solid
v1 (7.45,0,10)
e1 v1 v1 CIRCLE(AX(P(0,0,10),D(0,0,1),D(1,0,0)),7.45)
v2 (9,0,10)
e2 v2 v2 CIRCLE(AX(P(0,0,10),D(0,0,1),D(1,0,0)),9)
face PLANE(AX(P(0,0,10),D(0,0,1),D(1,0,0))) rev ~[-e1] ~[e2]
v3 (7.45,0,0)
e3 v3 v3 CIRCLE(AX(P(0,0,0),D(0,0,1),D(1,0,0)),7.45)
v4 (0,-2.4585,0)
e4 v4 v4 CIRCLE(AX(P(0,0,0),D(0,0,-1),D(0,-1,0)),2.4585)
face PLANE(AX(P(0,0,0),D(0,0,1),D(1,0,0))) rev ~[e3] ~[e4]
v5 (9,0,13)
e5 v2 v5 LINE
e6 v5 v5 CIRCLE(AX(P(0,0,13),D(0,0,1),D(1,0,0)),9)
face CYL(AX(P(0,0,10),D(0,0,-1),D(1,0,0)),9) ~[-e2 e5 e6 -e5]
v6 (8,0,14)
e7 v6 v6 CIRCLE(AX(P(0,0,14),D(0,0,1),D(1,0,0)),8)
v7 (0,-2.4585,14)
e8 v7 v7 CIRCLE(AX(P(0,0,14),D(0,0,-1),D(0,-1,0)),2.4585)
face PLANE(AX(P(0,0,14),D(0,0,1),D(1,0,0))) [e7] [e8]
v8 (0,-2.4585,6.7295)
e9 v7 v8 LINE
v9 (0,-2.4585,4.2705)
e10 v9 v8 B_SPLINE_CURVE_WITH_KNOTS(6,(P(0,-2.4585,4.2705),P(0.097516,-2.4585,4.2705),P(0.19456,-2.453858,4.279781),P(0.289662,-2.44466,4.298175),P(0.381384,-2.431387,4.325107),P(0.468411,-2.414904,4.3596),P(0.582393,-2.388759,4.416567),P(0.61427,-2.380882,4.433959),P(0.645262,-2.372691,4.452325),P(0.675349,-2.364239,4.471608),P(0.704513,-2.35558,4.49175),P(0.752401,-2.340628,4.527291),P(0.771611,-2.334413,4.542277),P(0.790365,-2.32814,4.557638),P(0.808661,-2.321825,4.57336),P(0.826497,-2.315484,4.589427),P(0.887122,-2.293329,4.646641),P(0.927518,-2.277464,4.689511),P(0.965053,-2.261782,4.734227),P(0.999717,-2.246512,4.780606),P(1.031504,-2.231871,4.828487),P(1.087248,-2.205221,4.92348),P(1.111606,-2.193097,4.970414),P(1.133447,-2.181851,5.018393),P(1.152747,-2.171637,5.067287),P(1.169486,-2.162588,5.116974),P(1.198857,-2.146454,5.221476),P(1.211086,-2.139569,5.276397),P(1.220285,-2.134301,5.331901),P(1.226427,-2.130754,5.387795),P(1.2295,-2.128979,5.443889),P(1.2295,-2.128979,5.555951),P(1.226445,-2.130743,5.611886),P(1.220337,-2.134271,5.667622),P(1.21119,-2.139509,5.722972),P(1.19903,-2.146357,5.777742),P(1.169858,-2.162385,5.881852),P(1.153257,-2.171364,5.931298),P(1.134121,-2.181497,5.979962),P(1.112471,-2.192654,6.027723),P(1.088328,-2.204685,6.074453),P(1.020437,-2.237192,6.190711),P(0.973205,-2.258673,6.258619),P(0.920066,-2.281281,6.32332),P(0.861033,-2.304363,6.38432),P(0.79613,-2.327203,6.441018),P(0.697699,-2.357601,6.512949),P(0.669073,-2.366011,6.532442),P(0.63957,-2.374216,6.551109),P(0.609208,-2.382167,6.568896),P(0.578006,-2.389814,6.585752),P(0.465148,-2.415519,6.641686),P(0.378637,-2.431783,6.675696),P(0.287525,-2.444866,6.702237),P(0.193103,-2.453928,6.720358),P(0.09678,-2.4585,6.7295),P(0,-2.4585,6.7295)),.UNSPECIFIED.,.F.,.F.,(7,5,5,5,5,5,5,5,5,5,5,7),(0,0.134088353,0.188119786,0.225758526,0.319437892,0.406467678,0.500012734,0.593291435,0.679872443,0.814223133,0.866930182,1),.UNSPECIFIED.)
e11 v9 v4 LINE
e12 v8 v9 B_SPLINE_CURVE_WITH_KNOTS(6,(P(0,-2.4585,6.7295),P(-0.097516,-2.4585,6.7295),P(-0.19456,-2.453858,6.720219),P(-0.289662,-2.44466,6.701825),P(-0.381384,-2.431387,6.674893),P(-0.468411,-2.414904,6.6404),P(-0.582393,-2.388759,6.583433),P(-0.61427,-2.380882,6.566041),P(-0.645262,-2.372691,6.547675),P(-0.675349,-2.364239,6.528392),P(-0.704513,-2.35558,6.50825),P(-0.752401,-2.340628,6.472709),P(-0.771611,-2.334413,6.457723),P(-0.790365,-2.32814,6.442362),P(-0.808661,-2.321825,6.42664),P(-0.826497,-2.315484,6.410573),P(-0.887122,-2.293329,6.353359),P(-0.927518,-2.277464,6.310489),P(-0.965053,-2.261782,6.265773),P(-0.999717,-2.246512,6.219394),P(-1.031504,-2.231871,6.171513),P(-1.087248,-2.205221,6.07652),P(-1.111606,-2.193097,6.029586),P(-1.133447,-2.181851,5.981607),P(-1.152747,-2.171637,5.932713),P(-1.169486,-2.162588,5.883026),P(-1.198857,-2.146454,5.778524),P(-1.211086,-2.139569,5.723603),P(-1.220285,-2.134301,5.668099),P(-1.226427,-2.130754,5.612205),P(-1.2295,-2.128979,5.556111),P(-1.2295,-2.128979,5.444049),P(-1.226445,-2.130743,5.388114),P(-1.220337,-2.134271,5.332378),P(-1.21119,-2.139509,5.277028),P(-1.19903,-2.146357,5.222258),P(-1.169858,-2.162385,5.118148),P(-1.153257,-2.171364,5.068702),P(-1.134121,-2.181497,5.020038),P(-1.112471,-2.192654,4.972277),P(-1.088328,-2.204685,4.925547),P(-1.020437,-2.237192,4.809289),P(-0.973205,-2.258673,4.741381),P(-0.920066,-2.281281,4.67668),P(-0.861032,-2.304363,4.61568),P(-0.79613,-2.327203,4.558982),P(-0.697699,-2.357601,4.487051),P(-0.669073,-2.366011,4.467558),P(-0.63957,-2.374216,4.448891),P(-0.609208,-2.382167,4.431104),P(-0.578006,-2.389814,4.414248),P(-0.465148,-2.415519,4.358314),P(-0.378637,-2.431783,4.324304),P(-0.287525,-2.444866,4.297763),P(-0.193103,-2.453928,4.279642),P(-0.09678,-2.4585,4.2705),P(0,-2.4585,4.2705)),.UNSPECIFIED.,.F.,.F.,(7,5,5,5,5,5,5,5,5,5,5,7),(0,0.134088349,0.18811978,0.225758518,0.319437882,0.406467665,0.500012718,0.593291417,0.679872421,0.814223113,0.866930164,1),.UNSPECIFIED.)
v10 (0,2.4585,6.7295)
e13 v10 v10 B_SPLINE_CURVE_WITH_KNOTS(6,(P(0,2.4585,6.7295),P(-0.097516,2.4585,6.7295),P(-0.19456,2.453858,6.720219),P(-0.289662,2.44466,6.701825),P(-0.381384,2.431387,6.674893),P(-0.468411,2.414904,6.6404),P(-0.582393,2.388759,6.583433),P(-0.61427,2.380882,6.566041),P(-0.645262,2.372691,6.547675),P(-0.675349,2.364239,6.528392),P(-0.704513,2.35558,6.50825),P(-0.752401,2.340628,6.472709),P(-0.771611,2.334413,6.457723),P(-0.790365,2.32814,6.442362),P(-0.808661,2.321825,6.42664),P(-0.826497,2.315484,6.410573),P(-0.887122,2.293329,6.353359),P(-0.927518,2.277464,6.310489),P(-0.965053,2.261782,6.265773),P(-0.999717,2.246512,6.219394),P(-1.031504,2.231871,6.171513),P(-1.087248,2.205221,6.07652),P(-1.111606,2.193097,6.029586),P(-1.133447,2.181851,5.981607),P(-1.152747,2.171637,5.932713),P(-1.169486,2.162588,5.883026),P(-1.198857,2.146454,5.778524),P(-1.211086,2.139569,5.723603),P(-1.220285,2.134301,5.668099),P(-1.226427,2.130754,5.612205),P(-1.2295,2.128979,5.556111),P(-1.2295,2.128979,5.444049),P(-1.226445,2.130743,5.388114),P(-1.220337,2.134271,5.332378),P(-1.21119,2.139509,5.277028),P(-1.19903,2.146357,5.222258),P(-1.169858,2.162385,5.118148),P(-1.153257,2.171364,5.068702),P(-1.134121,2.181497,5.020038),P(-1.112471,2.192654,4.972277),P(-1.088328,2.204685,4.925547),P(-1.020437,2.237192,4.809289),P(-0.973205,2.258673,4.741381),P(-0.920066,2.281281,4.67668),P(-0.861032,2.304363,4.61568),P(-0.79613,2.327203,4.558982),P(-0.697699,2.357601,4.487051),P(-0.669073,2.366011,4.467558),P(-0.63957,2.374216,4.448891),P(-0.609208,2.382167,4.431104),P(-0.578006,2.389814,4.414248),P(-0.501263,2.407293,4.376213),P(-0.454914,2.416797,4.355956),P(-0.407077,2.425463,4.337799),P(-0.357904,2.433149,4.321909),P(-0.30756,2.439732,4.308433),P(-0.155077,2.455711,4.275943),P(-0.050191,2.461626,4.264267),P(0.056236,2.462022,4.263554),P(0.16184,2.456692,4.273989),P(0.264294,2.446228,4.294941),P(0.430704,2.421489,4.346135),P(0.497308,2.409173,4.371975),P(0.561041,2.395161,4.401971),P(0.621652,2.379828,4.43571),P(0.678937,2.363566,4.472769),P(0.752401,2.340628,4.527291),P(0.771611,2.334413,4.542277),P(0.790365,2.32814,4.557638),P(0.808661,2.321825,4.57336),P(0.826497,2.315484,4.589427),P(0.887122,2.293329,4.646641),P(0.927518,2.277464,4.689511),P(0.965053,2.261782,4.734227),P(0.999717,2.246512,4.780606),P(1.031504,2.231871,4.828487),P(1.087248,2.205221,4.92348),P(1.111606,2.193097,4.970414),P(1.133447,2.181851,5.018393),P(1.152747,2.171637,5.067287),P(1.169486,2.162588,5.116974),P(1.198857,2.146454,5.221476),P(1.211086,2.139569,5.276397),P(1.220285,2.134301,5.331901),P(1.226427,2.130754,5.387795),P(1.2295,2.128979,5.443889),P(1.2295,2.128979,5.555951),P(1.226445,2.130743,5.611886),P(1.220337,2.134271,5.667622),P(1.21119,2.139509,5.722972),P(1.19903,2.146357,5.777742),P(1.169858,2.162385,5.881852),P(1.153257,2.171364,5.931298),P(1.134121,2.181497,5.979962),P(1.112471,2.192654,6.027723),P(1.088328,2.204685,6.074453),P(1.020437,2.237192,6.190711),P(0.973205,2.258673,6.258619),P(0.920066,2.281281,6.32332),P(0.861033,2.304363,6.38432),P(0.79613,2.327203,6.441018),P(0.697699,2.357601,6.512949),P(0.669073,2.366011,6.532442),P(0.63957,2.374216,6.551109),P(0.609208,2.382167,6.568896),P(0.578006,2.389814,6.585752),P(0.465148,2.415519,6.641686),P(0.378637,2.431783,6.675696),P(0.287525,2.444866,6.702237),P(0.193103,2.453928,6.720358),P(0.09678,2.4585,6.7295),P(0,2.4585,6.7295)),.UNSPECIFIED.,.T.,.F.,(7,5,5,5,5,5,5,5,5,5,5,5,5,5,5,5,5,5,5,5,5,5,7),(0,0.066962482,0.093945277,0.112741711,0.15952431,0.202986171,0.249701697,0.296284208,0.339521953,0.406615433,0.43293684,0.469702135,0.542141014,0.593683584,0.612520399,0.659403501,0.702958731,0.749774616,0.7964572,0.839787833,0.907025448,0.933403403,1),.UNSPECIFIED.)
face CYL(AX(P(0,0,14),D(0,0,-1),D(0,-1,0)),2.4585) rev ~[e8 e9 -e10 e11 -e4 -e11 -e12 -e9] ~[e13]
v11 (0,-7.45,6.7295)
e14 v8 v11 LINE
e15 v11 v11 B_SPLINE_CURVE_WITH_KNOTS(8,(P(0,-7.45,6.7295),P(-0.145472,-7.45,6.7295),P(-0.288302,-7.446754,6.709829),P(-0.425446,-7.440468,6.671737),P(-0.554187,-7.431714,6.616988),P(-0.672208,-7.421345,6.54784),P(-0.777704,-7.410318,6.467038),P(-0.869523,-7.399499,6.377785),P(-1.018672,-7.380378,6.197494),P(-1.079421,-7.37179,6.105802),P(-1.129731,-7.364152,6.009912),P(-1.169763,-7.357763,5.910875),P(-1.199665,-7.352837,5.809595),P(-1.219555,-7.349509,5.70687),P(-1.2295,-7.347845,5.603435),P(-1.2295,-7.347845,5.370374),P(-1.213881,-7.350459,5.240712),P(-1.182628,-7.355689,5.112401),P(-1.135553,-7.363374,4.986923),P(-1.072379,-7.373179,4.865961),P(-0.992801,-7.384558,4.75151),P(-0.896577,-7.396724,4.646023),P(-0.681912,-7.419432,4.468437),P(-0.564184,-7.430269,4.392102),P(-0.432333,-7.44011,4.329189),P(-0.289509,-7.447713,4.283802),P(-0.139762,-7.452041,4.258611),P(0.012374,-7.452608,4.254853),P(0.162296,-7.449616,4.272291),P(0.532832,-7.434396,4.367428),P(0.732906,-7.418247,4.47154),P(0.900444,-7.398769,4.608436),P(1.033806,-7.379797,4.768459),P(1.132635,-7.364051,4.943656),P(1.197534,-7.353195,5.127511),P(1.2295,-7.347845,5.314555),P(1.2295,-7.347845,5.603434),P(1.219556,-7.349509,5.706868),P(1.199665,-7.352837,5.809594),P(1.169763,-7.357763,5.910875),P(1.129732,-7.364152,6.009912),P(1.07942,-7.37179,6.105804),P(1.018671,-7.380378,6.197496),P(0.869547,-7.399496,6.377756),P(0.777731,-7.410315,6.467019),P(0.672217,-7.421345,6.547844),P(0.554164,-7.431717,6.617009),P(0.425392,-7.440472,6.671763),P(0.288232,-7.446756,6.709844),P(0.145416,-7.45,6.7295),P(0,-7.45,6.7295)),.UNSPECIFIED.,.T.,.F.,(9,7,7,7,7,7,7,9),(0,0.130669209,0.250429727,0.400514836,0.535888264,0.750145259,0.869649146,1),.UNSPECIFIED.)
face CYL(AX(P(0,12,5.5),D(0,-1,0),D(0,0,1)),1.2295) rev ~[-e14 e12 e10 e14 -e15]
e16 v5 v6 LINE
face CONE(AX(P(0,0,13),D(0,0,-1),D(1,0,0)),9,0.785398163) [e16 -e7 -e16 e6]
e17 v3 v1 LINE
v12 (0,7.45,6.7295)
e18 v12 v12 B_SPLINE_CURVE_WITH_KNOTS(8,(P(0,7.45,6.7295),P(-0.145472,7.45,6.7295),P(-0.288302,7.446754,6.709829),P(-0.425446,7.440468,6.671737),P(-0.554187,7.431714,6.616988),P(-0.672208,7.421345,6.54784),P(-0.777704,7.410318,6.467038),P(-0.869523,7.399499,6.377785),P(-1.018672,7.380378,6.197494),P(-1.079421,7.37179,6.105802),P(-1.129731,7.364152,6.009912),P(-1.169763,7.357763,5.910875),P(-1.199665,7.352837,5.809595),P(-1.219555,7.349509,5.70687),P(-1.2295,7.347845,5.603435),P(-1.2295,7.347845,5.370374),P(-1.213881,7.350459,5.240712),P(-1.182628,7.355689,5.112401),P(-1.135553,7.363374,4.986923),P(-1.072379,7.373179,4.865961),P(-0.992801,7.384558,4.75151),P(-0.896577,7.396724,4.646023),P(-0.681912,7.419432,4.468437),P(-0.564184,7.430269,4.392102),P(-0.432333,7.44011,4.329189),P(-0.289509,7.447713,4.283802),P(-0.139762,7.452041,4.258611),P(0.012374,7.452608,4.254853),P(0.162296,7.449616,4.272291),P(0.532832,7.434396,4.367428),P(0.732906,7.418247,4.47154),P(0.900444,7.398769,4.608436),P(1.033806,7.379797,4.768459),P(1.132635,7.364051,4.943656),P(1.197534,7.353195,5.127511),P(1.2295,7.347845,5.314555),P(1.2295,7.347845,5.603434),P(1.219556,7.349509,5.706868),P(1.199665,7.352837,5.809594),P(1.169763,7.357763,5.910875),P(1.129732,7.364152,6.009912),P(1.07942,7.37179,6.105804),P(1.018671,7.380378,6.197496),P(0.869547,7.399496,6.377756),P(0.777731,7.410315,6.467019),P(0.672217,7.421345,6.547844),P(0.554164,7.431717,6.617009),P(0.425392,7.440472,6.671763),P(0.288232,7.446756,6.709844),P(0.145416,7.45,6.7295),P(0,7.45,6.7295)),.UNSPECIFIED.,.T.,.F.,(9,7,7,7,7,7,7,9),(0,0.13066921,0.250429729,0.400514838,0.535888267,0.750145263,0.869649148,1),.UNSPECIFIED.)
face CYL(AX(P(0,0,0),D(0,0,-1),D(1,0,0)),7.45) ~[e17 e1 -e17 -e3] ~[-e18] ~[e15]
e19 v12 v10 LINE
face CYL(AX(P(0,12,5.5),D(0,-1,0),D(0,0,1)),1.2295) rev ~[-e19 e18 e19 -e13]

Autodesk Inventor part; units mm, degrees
ref_plane "YZ Plane" through (0, 0, 0) normal (1, 0, 0) x (0, 1, 0)
ref_plane "XY Plane" through (0, 0, 0) normal (0, 0, 1) x (1, 0, 0)
sketch "Mount" plane through (0, 0, 0) normal (0, 0, 1) x (1, 0, 0)
  circle A0 centre (0, 0) radius 7.45
  dimension "d0" = 14.9
extrude "MountFeature" add sketch "Mount" along normal blind 10
sketch "Base" plane through (0, 0, 10) normal (0, 0, 1) x (1, 0, 0)
  circle A0 centre (0, 0) radius 7.45 construction
  circle A1 centre (0, 0) radius 9
  dimension "d3" = 18
extrude "BaseFeature" add sketch "Base" along normal blind 4
sketch "RodEndHole" plane through (0, 0, 14) normal (0, 0, 1) x (1, 0, 0)
  circle A0 centre (0, 0) radius 9 projected
hole "RodEndHoleFeature" at (0, 0, 14) direction (0, 0, -1) diameter 4.917 end through all thread size "M6x1" class "6H" standard "ISO Metric profile"
chamfer "BaseChamferFeature" distance 1 angle 45 1 edges at (-9, 0, 14)
ref_plane "MidSidePlane" through (0, 12, 0) normal (0, 1, 0) x (-1, 0, 0)
sketch "MountHole" plane through (0, 12, 0) normal (0, 1, 0) x (-1, 0, 0)
  line L0 (-9, 10) -> (9, 10) construction
  line L1 (7.45, 0) -> (7.45, 10) construction
  line L2 (7.45, 10) -> (-7.45, 10) construction
  line L3 (-7.45, 0) -> (7.45, 0) construction
  point P0 (0, 5.5)
  dimension "d18" = 4.5
  dimension "d26" = 18
  dimension "d27" = 9
hole "MountHoleFeature" at (0, 12, 5.5) direction (0, -1, 0) diameter 2.459 end through all thread size "M3x0.5" class "6H" standard "ISO Metric profile"
equation "\"d27\" = 0.5 * d26"
properties part number "BackPair1PistonBottomCap"
